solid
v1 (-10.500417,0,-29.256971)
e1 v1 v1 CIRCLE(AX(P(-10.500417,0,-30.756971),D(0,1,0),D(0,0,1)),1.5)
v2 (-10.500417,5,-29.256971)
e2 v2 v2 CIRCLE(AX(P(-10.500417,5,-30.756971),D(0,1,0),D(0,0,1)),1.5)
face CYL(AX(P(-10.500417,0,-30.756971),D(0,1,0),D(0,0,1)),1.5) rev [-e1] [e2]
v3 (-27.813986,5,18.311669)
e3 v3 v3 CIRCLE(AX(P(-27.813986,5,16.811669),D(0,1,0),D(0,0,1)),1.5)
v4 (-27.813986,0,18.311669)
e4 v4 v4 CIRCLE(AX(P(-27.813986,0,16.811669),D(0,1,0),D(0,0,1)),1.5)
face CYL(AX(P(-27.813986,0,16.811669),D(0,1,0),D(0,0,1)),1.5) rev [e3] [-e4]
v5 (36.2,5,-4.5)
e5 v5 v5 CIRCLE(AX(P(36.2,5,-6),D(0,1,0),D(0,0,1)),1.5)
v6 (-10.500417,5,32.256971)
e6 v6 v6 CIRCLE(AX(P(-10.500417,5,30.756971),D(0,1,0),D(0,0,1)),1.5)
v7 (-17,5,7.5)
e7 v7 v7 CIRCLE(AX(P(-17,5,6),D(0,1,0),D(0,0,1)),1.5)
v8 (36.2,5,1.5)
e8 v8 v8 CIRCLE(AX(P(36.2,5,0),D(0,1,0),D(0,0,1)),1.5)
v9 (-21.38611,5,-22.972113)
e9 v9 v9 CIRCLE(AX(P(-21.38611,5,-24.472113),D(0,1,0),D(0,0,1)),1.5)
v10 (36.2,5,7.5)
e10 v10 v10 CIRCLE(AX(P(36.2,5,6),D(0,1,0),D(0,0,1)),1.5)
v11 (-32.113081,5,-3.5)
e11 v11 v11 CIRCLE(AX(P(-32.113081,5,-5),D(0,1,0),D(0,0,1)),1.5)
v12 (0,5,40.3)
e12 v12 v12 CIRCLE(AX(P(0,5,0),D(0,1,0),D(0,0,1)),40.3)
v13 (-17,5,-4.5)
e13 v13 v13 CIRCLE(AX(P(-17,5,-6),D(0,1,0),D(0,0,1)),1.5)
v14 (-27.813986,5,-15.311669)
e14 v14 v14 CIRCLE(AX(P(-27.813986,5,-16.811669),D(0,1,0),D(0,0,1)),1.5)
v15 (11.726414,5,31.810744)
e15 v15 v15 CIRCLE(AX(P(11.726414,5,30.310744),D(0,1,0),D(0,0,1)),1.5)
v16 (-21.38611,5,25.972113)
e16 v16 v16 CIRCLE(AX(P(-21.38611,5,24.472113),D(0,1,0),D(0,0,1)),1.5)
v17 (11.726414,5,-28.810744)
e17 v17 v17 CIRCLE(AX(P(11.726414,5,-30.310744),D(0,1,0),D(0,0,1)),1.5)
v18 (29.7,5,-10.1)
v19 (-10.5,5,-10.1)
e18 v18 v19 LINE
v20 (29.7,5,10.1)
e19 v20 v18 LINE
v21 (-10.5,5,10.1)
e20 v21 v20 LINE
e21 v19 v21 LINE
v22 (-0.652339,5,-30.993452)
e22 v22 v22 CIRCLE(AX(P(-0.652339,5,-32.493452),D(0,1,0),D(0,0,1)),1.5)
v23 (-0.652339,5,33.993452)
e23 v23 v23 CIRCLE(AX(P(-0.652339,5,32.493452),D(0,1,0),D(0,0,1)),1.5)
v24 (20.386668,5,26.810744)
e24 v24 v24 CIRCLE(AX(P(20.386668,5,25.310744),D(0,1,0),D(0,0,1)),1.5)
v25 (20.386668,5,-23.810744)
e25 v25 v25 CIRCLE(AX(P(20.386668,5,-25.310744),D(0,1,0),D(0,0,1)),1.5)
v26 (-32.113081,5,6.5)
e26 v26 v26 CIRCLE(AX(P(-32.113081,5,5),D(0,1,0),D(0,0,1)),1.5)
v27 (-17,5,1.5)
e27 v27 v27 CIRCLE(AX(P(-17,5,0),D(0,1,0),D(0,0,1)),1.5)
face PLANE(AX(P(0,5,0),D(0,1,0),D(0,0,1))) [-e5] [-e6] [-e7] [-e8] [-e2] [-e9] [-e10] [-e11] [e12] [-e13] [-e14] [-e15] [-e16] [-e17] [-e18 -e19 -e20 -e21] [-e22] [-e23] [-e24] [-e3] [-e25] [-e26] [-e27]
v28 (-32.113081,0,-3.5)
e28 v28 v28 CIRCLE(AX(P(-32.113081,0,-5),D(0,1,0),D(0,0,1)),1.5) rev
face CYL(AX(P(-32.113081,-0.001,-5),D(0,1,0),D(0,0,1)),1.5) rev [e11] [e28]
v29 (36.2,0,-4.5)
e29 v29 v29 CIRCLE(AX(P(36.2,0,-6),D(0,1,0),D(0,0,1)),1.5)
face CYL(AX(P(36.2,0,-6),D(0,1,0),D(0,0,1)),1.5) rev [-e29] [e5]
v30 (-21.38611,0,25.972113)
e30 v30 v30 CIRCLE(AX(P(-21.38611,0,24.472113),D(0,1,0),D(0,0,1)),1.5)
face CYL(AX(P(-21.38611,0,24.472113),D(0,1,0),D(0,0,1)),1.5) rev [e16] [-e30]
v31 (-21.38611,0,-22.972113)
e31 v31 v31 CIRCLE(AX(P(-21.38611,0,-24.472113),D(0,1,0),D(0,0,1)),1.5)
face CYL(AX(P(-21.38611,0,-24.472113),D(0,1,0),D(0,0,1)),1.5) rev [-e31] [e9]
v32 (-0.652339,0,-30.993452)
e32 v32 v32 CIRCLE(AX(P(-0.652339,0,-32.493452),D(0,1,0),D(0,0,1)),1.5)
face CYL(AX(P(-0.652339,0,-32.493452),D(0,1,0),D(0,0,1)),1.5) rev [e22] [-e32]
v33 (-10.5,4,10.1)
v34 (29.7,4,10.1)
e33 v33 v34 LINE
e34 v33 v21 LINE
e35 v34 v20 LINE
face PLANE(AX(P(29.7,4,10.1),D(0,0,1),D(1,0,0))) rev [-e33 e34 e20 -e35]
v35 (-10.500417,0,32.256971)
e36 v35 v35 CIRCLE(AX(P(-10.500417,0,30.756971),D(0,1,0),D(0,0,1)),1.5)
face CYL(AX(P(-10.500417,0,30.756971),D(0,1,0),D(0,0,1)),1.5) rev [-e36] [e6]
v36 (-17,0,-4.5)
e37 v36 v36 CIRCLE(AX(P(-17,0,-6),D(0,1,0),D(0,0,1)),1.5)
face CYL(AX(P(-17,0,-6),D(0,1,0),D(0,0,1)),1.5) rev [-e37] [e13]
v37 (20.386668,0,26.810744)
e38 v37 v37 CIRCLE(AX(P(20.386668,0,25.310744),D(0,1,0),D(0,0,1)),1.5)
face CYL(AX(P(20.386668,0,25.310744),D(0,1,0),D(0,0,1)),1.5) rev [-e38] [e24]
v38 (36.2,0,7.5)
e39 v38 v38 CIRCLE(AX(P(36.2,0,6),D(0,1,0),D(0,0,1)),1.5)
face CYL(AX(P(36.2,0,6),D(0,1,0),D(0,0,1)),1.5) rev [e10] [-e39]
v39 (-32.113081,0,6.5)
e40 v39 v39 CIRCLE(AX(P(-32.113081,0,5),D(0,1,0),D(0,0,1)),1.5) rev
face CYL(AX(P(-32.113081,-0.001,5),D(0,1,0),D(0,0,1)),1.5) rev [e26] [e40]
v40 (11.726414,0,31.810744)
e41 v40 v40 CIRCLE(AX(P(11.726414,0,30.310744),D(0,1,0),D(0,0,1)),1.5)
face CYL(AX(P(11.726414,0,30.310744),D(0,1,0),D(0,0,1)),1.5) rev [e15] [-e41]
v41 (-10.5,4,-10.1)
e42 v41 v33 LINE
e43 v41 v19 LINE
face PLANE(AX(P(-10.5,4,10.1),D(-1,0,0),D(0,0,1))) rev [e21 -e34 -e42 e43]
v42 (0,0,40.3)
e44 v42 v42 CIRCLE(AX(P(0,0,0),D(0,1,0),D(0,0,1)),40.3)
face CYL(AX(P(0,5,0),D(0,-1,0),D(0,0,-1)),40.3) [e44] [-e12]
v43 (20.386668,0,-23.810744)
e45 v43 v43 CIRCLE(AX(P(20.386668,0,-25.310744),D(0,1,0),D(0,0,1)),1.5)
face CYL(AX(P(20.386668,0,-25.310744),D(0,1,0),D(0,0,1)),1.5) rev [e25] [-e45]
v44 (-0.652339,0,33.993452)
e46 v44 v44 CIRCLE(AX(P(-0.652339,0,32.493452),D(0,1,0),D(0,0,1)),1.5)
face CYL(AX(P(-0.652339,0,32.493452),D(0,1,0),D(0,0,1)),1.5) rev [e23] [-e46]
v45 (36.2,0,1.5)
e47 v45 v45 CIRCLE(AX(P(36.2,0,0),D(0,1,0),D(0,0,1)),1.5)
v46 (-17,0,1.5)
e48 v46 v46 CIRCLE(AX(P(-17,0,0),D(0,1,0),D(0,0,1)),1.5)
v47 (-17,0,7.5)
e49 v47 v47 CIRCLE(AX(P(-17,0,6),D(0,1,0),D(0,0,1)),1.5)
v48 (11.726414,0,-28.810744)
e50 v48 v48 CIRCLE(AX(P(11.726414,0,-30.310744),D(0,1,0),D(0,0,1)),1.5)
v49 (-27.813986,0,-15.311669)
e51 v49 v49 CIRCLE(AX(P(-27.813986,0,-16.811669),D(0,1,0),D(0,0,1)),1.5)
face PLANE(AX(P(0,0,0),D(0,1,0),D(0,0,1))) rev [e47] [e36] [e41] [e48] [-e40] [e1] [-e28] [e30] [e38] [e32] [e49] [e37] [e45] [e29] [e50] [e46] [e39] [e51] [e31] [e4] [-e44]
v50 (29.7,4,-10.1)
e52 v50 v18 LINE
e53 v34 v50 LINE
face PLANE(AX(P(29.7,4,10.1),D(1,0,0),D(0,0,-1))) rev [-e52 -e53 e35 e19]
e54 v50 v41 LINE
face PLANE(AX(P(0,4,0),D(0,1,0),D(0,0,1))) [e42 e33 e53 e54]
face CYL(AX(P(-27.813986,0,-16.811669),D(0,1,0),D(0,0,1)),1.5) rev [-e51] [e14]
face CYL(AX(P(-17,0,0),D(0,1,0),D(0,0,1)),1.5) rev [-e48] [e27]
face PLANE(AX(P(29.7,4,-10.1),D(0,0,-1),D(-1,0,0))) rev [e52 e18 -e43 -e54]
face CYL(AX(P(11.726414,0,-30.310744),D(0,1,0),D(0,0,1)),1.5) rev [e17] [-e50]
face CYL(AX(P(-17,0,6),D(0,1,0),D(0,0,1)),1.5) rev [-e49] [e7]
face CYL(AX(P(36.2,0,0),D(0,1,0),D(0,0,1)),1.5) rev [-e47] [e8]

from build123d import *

# Parameters (mm, degrees)
SKETCH1_R           = 40.3
BOSS_EXTRUDE1_DEPTH = 5
SKETCH2_W           = 40.2
SKETCH2_H           = 20.2
CUT_EXTRUDE3_DEPTH  = 1
SKETCH3_R           = 1.5
CUT_EXTRUDE4_DEPTH  = 6
CUT_EXTRUDE5_REACH  = 7
SKETCH4_R           = 1.5
SKETCH5_R           = 1.5
CUT_EXTRUDE6_DEPTH  = 6


with BuildPart() as part:
    # Sketch1 → Boss-Extrude1 (new body)
    with BuildSketch(Plane(origin=(0, 0, 0), x_dir=(1, 0, 0), z_dir=(0, 1, 0))):
        Circle(SKETCH1_R)
    extrude(amount=BOSS_EXTRUDE1_DEPTH)

    # Sketch2 → Cut-Extrude3 (cut)
    with BuildSketch(Plane(origin=(0, 5, 0), x_dir=(1, 0, 0), z_dir=(0, 1, 0))):
        with Locations((9.6, 0)):
            Rectangle(SKETCH2_W, SKETCH2_H)
    extrude(amount=-CUT_EXTRUDE3_DEPTH, mode=Mode.SUBTRACT)

    # Sketch3 → Cut-Extrude4 (cut, through all)
    with BuildSketch(Plane(origin=(0, 5, 0), x_dir=(1, 0, 0), z_dir=(0, 1, 0))):
        with Locations((-17, -6)):
            Circle(SKETCH3_R)
        with Locations((-17, 0)):
            Circle(SKETCH3_R)
        with Locations((-17, 6)):
            Circle(SKETCH3_R)
        with Locations((36.2, -6)):
            Circle(SKETCH3_R)
        with Locations((36.2, 0)):
            Circle(SKETCH3_R)
        with Locations((36.2, 6)):
            Circle(SKETCH3_R)
    extrude(amount=-CUT_EXTRUDE4_DEPTH, mode=Mode.SUBTRACT)

    # Sketch4 → Cut-Extrude5 (cut, up to next)
    with BuildSketch(Plane(origin=(0, 5, 0), x_dir=(1, 0, 0), z_dir=(0, 1, 0)), mode=Mode.PRIVATE) as cut_extrude5_sk1:
        with Locations((-32.113081447, 5)):
            Circle(SKETCH4_R)
    cut_extrude5_tool1 = extrude(cut_extrude5_sk1.sketch, amount=-CUT_EXTRUDE5_REACH, mode=Mode.PRIVATE) & part.part
    add(cut_extrude5_tool1.solids().sort_by_distance((-32.113081, 5, -5))[0], mode=Mode.SUBTRACT)
    # Sketch4 → Cut-Extrude5 (cut, up to next)
    with BuildSketch(Plane(origin=(0, 5, 0), x_dir=(1, 0, 0), z_dir=(0, 1, 0)), mode=Mode.PRIVATE) as cut_extrude5_sk2:
        with Locations((-32.113081447, -5)):
            Circle(SKETCH4_R)
    cut_extrude5_tool2 = extrude(cut_extrude5_sk2.sketch, amount=-CUT_EXTRUDE5_REACH, mode=Mode.PRIVATE) & part.part
    add(cut_extrude5_tool2.solids().sort_by_distance((-32.113081, 5, 5))[0], mode=Mode.SUBTRACT)

    # Sketch5 → Cut-Extrude6 (cut, through all)
    with BuildSketch(Plane(origin=(0, 5, 0), x_dir=(1, 0, 0), z_dir=(0, 1, 0))):
        with Locations((-32.113081447, 5)):
            Circle(SKETCH5_R)
        with Locations((-32.113081447, -5)):
            Circle(SKETCH5_R)
        with Locations((-21.386109545, 24.472113078)):
            Circle(SKETCH5_R)
        with Locations((-27.813985642, 16.811668647)):
            Circle(SKETCH5_R)
        with Locations((-0.652339307, 32.49345247)):
            Circle(SKETCH5_R)
        with Locations((-10.500416838, 30.756970693)):
            Circle(SKETCH5_R)
        with Locations((20.386667742, 25.310744327)):
            Circle(SKETCH5_R)
        with Locations((11.726413704, 30.310744327)):
            Circle(SKETCH5_R)
        with Locations((-27.813985642, -16.811668647)):
            Circle(SKETCH5_R)
        with Locations((-21.386109545, -24.472113078)):
            Circle(SKETCH5_R)
        with Locations((-10.500416838, -30.756970693)):
            Circle(SKETCH5_R)
        with Locations((-0.652339307, -32.49345247)):
            Circle(SKETCH5_R)
        with Locations((11.726413704, -30.310744327)):
            Circle(SKETCH5_R)
        with Locations((20.386667742, -25.310744327)):
            Circle(SKETCH5_R)
    extrude(amount=-CUT_EXTRUDE6_DEPTH, mode=Mode.SUBTRACT)


solid = part.part
